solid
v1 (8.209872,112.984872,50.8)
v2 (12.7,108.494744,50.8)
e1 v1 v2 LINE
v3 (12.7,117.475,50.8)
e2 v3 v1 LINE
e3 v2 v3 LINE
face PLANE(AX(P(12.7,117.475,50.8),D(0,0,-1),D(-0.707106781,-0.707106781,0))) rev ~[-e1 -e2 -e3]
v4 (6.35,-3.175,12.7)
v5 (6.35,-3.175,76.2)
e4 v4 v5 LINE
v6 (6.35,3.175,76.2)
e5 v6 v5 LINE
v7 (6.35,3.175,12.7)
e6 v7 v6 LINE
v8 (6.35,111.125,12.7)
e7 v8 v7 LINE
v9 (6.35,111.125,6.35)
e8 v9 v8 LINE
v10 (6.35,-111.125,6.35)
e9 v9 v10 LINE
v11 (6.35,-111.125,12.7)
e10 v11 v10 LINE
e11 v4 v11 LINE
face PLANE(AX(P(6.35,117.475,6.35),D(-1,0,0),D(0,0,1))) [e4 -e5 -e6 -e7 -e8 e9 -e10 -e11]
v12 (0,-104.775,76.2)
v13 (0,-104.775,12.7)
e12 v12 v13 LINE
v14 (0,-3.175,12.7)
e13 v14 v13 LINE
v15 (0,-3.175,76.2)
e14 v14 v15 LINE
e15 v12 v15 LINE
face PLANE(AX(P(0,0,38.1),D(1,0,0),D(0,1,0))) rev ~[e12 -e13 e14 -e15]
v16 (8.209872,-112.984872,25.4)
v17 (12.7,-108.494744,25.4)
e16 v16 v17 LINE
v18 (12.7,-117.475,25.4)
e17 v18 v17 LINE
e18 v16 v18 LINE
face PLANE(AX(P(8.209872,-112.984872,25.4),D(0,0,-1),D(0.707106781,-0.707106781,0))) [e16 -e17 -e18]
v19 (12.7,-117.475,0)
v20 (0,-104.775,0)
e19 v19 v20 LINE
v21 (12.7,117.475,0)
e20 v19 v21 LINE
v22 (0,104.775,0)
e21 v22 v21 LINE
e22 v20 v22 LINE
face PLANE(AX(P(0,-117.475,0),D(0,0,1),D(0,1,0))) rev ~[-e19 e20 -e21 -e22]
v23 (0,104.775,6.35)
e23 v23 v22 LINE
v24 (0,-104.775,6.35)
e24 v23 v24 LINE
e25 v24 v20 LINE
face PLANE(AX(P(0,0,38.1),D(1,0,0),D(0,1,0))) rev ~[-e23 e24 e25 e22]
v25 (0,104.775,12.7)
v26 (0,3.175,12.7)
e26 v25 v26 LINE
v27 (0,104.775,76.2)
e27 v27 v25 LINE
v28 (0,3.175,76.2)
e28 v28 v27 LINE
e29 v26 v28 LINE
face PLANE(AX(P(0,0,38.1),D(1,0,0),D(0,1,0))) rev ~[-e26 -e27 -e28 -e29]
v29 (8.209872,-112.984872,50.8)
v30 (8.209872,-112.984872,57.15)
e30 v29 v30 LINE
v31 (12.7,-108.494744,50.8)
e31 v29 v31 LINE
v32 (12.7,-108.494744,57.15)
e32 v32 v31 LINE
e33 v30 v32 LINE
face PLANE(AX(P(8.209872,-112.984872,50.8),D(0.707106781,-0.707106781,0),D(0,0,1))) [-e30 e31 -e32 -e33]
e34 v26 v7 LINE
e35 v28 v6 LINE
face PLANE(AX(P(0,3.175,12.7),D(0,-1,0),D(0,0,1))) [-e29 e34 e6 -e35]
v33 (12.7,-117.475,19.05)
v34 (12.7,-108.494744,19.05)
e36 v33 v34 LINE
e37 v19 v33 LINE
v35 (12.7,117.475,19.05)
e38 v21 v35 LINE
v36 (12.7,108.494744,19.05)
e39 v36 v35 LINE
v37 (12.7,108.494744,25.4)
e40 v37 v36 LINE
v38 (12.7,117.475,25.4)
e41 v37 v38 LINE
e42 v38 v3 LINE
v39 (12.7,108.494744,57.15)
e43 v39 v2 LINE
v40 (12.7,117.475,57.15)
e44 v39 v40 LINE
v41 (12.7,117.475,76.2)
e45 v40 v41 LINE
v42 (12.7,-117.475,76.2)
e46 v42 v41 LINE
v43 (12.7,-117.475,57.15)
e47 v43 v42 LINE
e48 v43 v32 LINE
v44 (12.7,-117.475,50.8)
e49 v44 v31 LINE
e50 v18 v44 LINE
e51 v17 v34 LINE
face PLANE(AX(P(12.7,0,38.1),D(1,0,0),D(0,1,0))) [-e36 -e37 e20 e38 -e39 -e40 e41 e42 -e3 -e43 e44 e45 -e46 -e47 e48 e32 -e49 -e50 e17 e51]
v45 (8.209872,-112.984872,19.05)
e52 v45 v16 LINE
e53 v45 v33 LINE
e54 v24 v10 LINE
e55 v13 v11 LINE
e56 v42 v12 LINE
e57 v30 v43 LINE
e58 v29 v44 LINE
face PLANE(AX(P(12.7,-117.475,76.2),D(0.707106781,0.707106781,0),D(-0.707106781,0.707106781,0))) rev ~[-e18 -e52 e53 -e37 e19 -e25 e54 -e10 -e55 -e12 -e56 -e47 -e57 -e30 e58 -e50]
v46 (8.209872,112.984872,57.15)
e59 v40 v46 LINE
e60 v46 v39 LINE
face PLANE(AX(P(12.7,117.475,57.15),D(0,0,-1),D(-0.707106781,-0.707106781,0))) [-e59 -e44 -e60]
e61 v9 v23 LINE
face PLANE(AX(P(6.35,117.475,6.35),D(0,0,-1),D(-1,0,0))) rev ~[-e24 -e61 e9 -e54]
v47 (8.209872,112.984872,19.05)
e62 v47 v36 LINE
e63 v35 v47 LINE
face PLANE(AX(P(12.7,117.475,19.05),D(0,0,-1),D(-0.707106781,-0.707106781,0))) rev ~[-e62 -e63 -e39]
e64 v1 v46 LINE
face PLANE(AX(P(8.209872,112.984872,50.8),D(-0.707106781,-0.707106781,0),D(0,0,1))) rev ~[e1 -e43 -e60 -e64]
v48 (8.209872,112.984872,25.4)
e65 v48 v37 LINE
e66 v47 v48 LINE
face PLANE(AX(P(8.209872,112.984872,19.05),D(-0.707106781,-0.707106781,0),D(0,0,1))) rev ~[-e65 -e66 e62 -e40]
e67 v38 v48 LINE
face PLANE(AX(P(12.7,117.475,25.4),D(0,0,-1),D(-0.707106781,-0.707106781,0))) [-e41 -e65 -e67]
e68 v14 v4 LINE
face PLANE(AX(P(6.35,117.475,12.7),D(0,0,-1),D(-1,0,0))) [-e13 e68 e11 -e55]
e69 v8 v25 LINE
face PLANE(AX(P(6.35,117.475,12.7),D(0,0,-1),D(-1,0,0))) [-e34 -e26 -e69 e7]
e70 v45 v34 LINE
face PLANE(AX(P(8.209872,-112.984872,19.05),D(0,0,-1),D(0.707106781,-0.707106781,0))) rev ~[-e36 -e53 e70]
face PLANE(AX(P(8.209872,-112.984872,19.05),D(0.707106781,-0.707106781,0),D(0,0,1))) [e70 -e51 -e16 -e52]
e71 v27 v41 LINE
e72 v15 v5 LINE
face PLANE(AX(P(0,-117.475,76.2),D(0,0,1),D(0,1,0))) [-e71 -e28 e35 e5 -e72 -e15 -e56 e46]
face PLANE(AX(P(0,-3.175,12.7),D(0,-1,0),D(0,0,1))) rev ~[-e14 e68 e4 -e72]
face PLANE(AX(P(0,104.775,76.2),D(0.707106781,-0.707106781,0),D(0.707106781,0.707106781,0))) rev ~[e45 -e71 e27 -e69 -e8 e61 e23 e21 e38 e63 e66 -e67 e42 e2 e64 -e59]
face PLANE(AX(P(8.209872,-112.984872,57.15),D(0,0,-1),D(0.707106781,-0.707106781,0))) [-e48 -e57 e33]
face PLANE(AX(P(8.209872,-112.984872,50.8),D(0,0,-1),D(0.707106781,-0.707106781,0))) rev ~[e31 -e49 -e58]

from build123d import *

# Parameters (mm, degrees)
F0_W      = 234.95
F0_H      = 76.2
F1_DEPTH  = 12.7
F2_W      = 6.35
F2_H      = 6.35
F3_DEPTH  = 234.951
F5_DEPTH  = 76.201
F6_W      = 6.35
F6_H      = 63.5
F7_DEPTH  = 6.35
F8_W      = 6.35
F8_H      = 6.35
F9_DEPTH  = 166.135738
F10_W     = 6.35
F10_H     = 6.35
F11_DEPTH = 166.135738


with BuildPart() as f1:
    # F0 (on Right) → F1 (new body)
    with BuildSketch(Plane.YZ):
        with Locations((0, 38.1)):
            Rectangle(F0_W, F0_H)
    extrude(amount=F1_DEPTH)

    # F2 (on face) → F3 (cut, through all)
    with BuildSketch(Plane(origin=(0, 117.475, 0), x_dir=(-1, 0, 0), z_dir=(0, 1, 0))):
        with Locations((-3.175, 9.525)):
            Rectangle(F2_W, F2_H)
    extrude(amount=-F3_DEPTH, mode=Mode.SUBTRACT)

    # F4 (on face) → F5 (cut, through all)
    with BuildSketch(Plane.XY.offset(76.2)):
        Polygon((0, 104.775), (12.7, 117.475), (0, 117.475), align=None)
        Polygon((0, -104.775), (0, -117.475), (12.7, -117.475), align=None)
    extrude(amount=-F5_DEPTH, mode=Mode.SUBTRACT)

    # F6 (on face) → F7 (cut)
    with BuildSketch(Plane(origin=(0, 0, 0), x_dir=(0, -1, 0), z_dir=(-1, 0, 0))):
        with Locations((0, 44.45)):
            Rectangle(F6_W, F6_H)
    extrude(amount=-F7_DEPTH, mode=Mode.SUBTRACT)

    # F8 (on face) → F9 (cut, through all)
    with BuildSketch(Plane(origin=(-52.3875, -52.3875, 0), x_dir=(0.707107, -0.707107, 0), z_dir=(-0.707107, -0.707107, 0))):
        with Locations((88.872625, 53.975)):
            Rectangle(F8_W, F8_H)
        with Locations((88.872625, 22.225)):
            Rectangle(F8_W, F8_H)
    extrude(amount=-F9_DEPTH, mode=Mode.SUBTRACT)

    # F10 (on face) → F11 (cut, through all)
    with BuildSketch(Plane(origin=(-52.3875, 52.3875, 0), x_dir=(-0.707107, -0.707107, 0), z_dir=(-0.707107, 0.707107, 0))):
        with Locations((-88.872625, 53.975)):
            Rectangle(F10_W, F10_H)
        with Locations((-88.872625, 22.225)):
            Rectangle(F10_W, F10_H)
    extrude(amount=-F11_DEPTH, mode=Mode.SUBTRACT)


solid = f1.part
